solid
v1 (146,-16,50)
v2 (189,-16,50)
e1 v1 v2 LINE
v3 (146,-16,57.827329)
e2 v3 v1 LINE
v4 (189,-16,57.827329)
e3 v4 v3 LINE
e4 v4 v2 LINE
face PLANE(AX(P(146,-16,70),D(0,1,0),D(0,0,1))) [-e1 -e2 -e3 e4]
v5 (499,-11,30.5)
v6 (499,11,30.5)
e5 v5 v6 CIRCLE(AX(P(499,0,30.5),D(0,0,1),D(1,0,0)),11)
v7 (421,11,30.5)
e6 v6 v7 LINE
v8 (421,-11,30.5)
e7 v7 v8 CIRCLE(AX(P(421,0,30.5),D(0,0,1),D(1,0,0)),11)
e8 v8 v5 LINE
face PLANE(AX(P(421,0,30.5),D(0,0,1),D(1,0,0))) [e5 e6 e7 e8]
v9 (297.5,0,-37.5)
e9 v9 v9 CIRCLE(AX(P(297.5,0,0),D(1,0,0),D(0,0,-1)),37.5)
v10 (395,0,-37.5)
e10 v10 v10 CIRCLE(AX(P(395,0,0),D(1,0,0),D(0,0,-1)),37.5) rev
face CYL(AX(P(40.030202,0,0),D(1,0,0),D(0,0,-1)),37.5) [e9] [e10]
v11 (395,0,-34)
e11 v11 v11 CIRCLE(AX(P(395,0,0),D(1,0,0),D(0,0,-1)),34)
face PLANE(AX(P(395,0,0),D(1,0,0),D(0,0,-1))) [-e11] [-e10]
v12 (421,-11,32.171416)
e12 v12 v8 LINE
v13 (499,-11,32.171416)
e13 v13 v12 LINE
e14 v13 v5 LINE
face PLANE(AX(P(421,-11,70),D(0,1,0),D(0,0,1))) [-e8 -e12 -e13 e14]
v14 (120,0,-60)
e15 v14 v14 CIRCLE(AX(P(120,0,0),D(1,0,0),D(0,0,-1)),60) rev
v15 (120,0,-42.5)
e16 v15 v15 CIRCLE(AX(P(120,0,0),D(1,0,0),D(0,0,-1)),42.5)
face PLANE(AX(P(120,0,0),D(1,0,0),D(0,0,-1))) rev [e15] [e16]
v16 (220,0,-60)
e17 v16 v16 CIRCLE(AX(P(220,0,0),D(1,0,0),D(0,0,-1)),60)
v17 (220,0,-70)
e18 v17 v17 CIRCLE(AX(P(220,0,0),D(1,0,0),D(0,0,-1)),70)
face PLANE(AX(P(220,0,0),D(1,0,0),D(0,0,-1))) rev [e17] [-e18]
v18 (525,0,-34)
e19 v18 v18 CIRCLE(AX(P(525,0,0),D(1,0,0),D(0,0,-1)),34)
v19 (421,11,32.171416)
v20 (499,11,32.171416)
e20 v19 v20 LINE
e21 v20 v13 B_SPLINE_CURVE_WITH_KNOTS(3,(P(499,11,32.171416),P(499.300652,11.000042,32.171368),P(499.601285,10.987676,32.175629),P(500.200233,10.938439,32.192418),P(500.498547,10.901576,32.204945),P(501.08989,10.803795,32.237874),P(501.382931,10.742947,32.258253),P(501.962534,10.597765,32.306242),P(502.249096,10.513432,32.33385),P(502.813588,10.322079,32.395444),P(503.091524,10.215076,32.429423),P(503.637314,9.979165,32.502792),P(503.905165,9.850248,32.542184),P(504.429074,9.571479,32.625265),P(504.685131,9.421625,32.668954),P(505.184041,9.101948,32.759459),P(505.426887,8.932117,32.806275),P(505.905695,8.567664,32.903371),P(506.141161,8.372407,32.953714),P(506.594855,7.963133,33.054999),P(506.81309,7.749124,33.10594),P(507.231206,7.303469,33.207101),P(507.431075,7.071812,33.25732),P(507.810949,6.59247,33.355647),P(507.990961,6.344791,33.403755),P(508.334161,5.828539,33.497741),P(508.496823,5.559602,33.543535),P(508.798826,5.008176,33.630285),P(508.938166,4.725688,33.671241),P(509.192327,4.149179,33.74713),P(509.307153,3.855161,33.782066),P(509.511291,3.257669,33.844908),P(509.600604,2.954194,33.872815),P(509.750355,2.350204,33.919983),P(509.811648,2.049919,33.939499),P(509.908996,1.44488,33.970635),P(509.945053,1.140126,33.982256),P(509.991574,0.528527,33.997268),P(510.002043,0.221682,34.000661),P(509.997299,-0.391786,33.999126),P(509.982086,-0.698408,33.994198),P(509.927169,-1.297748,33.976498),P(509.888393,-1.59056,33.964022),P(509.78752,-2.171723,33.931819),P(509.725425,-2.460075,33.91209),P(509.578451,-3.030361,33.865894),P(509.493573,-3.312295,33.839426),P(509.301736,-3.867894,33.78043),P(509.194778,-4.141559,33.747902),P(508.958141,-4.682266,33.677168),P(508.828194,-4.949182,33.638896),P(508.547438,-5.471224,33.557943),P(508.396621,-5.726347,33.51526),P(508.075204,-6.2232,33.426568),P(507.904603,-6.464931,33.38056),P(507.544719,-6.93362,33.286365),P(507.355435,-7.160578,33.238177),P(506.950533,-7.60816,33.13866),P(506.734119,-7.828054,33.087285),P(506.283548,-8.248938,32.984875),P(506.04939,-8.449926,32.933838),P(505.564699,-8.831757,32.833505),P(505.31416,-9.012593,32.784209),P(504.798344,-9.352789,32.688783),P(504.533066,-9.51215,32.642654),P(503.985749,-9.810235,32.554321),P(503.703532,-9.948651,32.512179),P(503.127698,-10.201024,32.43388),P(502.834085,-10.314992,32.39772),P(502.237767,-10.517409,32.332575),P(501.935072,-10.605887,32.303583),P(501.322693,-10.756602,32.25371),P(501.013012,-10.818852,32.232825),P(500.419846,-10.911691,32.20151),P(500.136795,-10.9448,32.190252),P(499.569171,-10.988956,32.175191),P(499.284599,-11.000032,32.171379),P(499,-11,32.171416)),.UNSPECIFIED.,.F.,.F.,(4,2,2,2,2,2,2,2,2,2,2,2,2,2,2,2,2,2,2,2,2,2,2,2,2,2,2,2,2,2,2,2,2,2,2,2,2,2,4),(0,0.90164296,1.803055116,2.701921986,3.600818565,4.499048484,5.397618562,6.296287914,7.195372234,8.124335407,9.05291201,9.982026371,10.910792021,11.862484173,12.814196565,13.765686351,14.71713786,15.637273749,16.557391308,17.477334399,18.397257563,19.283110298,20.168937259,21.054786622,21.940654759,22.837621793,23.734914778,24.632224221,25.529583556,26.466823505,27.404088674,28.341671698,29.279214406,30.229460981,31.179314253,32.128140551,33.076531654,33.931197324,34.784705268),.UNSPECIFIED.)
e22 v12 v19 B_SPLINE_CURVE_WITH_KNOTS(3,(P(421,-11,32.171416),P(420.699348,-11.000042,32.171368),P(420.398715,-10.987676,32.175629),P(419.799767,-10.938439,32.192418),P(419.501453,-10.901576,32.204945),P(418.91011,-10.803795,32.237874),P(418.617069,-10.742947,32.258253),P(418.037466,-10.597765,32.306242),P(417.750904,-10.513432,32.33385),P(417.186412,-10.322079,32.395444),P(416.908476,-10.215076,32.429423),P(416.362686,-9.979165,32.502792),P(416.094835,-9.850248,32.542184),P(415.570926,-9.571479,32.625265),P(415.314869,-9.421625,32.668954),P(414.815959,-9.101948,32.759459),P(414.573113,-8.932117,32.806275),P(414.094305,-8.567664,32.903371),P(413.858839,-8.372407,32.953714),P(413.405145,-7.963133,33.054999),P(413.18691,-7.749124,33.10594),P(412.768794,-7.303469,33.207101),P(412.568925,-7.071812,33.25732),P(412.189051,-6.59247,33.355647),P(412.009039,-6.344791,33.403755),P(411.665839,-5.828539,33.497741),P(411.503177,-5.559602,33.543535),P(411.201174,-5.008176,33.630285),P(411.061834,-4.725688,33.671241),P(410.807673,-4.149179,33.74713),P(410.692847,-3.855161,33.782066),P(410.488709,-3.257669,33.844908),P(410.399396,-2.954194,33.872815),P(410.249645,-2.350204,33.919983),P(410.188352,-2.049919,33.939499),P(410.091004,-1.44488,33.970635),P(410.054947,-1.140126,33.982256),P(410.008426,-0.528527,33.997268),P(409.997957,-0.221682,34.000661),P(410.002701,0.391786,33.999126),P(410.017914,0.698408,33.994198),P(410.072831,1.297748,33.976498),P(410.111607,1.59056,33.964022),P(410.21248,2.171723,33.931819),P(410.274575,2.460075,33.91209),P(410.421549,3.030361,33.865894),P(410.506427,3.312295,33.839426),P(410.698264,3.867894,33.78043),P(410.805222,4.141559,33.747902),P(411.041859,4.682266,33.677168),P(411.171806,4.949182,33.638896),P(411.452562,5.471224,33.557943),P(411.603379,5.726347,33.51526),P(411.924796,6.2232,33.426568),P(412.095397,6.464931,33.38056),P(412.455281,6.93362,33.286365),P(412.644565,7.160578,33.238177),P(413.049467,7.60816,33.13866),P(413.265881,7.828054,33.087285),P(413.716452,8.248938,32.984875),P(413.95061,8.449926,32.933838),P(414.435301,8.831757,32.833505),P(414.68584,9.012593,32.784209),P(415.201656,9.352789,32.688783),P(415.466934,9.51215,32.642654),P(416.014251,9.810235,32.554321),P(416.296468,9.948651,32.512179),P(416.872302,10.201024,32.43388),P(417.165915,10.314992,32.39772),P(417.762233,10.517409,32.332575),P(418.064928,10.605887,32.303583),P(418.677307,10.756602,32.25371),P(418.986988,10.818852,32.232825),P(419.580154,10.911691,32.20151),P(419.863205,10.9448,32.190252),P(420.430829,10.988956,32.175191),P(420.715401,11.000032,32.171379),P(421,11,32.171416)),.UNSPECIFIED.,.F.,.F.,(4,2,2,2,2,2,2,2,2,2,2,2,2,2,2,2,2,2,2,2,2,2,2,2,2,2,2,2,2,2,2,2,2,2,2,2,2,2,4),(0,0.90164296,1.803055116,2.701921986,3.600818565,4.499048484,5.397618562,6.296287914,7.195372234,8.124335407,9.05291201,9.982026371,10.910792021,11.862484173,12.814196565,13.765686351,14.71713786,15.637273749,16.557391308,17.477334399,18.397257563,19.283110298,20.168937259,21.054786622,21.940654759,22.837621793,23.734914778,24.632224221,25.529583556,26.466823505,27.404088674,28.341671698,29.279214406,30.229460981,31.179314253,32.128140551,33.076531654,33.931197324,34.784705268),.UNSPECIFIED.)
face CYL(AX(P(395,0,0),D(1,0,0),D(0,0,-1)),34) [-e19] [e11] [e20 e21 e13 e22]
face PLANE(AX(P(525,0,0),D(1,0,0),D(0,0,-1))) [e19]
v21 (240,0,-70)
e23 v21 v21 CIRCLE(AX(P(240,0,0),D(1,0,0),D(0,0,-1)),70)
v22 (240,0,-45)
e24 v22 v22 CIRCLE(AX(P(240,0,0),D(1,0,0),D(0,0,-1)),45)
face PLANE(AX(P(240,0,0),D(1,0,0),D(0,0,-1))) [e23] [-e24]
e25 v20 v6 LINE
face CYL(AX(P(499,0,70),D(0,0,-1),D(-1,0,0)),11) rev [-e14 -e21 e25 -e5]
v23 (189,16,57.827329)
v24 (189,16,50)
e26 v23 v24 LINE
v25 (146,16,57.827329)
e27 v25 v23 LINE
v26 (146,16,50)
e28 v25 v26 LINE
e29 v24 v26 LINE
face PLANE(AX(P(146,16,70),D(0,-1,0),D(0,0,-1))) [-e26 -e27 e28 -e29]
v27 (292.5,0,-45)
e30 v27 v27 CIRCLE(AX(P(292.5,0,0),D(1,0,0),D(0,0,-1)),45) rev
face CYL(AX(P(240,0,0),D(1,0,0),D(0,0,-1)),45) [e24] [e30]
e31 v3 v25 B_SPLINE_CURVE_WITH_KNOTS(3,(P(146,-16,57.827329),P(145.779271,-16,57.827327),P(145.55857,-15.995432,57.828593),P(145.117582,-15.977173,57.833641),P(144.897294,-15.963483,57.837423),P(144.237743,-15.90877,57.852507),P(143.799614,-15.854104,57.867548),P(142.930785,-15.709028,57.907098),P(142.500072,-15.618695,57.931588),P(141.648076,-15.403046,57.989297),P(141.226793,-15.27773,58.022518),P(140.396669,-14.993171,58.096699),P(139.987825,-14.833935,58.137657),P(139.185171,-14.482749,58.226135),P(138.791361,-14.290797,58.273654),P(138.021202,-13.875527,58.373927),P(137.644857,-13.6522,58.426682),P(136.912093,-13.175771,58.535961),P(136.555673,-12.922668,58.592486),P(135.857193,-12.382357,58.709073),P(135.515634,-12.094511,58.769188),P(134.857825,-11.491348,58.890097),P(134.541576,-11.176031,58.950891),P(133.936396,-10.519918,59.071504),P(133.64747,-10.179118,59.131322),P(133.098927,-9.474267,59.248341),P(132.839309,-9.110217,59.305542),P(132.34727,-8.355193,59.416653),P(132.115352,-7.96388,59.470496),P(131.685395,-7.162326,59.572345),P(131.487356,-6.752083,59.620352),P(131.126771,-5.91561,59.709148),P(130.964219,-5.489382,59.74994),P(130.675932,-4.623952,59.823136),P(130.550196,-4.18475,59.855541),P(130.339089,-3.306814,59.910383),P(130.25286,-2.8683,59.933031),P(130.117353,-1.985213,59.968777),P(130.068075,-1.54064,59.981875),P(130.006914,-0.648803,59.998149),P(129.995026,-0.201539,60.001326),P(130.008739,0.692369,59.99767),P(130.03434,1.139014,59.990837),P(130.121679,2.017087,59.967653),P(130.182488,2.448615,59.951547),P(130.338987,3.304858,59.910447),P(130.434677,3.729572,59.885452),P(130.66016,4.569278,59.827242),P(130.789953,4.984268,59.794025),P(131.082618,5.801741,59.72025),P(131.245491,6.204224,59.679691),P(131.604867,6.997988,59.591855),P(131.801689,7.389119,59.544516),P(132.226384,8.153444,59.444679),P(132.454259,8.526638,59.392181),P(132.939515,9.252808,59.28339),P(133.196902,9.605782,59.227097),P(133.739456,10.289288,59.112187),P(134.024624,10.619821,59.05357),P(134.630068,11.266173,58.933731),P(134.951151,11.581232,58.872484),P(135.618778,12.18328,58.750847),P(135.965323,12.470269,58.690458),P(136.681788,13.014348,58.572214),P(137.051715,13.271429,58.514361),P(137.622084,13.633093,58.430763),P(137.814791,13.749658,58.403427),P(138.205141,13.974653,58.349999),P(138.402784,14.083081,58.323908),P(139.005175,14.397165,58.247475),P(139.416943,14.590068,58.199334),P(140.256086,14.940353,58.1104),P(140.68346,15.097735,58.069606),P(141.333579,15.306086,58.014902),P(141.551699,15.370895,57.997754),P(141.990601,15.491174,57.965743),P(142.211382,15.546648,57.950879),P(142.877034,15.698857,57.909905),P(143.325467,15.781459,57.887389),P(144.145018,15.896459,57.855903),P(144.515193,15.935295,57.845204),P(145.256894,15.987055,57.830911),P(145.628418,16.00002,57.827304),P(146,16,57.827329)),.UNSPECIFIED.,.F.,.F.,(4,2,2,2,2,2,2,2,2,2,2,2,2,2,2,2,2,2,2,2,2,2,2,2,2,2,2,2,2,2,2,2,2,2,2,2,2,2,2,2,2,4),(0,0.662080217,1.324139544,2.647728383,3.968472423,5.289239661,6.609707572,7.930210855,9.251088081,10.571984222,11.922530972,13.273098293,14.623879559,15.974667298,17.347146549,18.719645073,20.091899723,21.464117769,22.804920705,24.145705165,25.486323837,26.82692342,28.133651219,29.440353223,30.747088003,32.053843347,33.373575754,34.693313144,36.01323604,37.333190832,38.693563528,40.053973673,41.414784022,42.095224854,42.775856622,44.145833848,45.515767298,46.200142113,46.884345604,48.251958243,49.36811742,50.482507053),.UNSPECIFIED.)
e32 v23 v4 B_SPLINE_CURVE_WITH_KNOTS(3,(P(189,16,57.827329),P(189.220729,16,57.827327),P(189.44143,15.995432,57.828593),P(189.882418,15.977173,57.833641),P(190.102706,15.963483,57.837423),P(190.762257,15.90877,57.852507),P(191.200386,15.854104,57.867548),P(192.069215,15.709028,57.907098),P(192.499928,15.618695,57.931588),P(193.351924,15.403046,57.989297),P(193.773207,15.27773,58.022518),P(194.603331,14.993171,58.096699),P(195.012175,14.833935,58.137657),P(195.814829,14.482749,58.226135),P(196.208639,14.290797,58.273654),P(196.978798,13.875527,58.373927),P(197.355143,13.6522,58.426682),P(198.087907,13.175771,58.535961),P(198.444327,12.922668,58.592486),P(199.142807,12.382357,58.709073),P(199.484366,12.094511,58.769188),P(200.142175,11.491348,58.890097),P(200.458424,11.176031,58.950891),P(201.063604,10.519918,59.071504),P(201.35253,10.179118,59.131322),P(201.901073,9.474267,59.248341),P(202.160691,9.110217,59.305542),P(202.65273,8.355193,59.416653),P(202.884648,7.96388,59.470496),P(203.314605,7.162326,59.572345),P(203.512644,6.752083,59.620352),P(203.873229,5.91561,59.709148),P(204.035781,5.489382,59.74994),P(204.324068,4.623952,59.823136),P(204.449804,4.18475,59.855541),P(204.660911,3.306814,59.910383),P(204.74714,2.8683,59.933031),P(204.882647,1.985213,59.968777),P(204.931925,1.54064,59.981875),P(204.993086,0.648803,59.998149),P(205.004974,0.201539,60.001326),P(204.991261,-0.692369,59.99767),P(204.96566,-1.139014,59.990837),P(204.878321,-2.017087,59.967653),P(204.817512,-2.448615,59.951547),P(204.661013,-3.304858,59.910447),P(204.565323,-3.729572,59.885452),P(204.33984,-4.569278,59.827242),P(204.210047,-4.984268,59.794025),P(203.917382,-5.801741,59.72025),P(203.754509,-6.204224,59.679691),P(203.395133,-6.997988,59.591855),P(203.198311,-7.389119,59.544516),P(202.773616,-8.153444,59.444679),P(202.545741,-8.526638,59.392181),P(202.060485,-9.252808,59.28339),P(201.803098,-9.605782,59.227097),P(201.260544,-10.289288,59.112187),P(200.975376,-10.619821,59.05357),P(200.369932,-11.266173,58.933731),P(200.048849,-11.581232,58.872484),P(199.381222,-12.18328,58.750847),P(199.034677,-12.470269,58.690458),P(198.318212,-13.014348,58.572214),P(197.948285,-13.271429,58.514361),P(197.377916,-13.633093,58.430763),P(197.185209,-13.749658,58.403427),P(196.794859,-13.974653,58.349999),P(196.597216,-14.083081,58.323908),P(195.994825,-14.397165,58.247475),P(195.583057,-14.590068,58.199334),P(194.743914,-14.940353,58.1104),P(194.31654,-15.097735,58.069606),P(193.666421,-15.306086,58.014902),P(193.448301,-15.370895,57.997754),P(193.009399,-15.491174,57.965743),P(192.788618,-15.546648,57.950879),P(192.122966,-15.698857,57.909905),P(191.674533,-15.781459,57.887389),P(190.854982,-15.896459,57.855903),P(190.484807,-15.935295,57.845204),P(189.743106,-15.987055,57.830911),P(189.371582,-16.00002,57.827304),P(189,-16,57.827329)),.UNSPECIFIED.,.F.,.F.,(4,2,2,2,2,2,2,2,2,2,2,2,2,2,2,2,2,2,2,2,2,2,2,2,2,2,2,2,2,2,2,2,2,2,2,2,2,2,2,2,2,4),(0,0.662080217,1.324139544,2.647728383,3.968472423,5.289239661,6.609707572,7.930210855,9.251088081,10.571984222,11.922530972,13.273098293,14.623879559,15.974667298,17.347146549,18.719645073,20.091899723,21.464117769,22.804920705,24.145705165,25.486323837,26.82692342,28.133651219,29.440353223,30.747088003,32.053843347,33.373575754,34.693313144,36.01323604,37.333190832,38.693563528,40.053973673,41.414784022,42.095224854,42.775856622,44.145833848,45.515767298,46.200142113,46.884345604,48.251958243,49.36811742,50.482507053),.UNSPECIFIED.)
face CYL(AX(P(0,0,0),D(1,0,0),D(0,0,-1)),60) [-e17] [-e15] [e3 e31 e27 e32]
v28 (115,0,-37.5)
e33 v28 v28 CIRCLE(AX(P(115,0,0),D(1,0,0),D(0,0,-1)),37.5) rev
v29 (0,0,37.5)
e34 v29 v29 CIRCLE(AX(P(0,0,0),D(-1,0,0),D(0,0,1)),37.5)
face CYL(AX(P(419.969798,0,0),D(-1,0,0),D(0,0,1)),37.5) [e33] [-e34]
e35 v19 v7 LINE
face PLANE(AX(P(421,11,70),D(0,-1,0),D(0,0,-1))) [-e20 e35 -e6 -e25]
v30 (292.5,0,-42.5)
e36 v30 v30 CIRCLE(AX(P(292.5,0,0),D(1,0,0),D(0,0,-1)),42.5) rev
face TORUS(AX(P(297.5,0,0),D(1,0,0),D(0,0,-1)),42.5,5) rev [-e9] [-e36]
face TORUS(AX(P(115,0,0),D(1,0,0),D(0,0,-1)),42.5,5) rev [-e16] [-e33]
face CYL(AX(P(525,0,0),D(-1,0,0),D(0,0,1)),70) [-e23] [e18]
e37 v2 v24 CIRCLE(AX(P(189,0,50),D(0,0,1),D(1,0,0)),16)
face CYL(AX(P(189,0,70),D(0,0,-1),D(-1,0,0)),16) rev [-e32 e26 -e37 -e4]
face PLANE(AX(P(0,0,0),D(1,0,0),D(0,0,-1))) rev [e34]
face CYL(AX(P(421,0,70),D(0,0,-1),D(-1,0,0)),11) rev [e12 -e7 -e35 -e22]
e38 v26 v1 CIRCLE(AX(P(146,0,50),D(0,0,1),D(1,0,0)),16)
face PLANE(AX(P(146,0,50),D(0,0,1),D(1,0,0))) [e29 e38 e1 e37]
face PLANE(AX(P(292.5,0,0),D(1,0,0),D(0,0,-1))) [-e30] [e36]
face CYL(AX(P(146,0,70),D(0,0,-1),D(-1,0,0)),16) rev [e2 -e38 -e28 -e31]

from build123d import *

# Parameters (mm, degrees)
SKETCH_1_R          = 70
EXTRUDE_1_DEPTH     = 525
SKETCH_2_OUTSIDE_W  = 254.218
SKETCH_2_OUTSIDE_H  = 254.218
SKETCH_2_OUTSIDE_R  = 45
CUT_EXTRUDE_2_DEPTH = 285
CUT_EXTRUDE_START   = -20
SKETCH_3_OUTSIDE_W  = 254.218
SKETCH_3_OUTSIDE_H  = 254.218
SKETCH_3_OUTSIDE_R  = 60
CUT_EXTRUDE_3_DEPTH = 282.703496831
SKETCH_4_OUTSIDE_W  = 254.218
SKETCH_4_OUTSIDE_H  = 254.218
SKETCH_4_OUTSIDE_R  = 37.5
CUT_EXTRUDE_4_DEPTH = 232.5
SKETCH_5_OUTSIDE_W  = 254.218
SKETCH_5_OUTSIDE_H  = 254.218
SKETCH_5_OUTSIDE_R  = 37.5
CUT_EXTRUDE_5_DEPTH = 120
CUT_EXTRUDE_START_2 = 50
CUT_EXTRUDE_6_DEPTH = 485.251813287
SKETCH_8_OUTSIDE_W  = 254.218
SKETCH_8_OUTSIDE_H  = 254.218
SKETCH_8_OUTSIDE_R  = 34
CUT_EXTRUDE_1_DEPTH = 130
CUT_EXTRUDE_START_3 = 30.5
CUT_EXTRUDE_7_DEPTH = 504.751813287
FILLET_1_R          = 5


with BuildPart() as part:
    # 草图1 → 拉伸1 (new body)
    with BuildSketch(Plane(origin=(0, 0, 0), x_dir=(0, 0, -1), z_dir=(1, 0, 0))):
        Circle(SKETCH_1_R)
    extrude(amount=EXTRUDE_1_DEPTH)

    # 草图2 outside → 拉伸2 (cut)
    with BuildSketch(Plane(origin=(525, 0, 0), x_dir=(0, 0, -1), z_dir=(1, 0, 0))):
        Rectangle(SKETCH_2_OUTSIDE_W, SKETCH_2_OUTSIDE_H)
        Circle(SKETCH_2_OUTSIDE_R, mode=Mode.SUBTRACT)
    extrude(amount=-CUT_EXTRUDE_2_DEPTH, mode=Mode.SUBTRACT)

    # 草图3 outside → 拉伸3 (cut, through all)
    with BuildSketch(Plane(origin=(240, 0, 0), x_dir=(0, 0, -1), z_dir=(1, 0, 0)).offset(CUT_EXTRUDE_START)):
        Rectangle(SKETCH_3_OUTSIDE_W, SKETCH_3_OUTSIDE_H)
        Circle(SKETCH_3_OUTSIDE_R, mode=Mode.SUBTRACT)
    extrude(amount=-CUT_EXTRUDE_3_DEPTH, mode=Mode.SUBTRACT)

    # 草图4 outside → 拉伸4 (cut)
    with BuildSketch(Plane(origin=(525, 0, 0), x_dir=(0, 0, -1), z_dir=(1, 0, 0))):
        Rectangle(SKETCH_4_OUTSIDE_W, SKETCH_4_OUTSIDE_H)
        Circle(SKETCH_4_OUTSIDE_R, mode=Mode.SUBTRACT)
    extrude(amount=-CUT_EXTRUDE_4_DEPTH, mode=Mode.SUBTRACT)

    # 草图5 outside → 拉伸5 (cut)
    with BuildSketch(Plane.ZY):
        Rectangle(SKETCH_5_OUTSIDE_W, SKETCH_5_OUTSIDE_H)
        with Locations(Location((0, 0, 0), (0, 0, 180))):
            Circle(SKETCH_5_OUTSIDE_R, mode=Mode.SUBTRACT)
    extrude(amount=-CUT_EXTRUDE_5_DEPTH, mode=Mode.SUBTRACT)

    # 草图6 → 拉伸6 (cut, through all)
    with BuildSketch(Plane.XY.offset(CUT_EXTRUDE_START_2)):
        with BuildLine():
            Line((146, 16), (189, 16))
            ThreePointArc((189, 16), (205, 0), (189, -16))
            Line((189, -16), (146, -16))
            ThreePointArc((146, -16), (130, 0), (146, 16))
        make_face()
    extrude(amount=CUT_EXTRUDE_6_DEPTH, mode=Mode.SUBTRACT)

    # 草图8 outside → 切除-拉伸1 (cut)
    with BuildSketch(Plane(origin=(525, 0, 0), x_dir=(0, 0, -1), z_dir=(1, 0, 0))):
        Rectangle(SKETCH_8_OUTSIDE_W, SKETCH_8_OUTSIDE_H)
        Circle(SKETCH_8_OUTSIDE_R, mode=Mode.SUBTRACT)
    extrude(amount=-CUT_EXTRUDE_1_DEPTH, mode=Mode.SUBTRACT)

    # 草图7 → 拉伸7 (cut, through all)
    with BuildSketch(Plane.XY.offset(CUT_EXTRUDE_START_3)):
        with BuildLine():
            Line((421, 11), (499, 11))
            ThreePointArc((499, 11), (510, 0), (499, -11))
            Line((499, -11), (421, -11))
            ThreePointArc((421, -11), (410, 0), (421, 11))
        make_face()
    extrude(amount=CUT_EXTRUDE_7_DEPTH, mode=Mode.SUBTRACT)

    # 圆角1
    fillet_1_edges = [part.edges().sort_by_distance(p)[0] for p in [
        (292.5, 0, 37.5),
        (120, 0, 37.5),
    ]]
    fillet(fillet_1_edges, radius=FILLET_1_R)


solid = part.part
